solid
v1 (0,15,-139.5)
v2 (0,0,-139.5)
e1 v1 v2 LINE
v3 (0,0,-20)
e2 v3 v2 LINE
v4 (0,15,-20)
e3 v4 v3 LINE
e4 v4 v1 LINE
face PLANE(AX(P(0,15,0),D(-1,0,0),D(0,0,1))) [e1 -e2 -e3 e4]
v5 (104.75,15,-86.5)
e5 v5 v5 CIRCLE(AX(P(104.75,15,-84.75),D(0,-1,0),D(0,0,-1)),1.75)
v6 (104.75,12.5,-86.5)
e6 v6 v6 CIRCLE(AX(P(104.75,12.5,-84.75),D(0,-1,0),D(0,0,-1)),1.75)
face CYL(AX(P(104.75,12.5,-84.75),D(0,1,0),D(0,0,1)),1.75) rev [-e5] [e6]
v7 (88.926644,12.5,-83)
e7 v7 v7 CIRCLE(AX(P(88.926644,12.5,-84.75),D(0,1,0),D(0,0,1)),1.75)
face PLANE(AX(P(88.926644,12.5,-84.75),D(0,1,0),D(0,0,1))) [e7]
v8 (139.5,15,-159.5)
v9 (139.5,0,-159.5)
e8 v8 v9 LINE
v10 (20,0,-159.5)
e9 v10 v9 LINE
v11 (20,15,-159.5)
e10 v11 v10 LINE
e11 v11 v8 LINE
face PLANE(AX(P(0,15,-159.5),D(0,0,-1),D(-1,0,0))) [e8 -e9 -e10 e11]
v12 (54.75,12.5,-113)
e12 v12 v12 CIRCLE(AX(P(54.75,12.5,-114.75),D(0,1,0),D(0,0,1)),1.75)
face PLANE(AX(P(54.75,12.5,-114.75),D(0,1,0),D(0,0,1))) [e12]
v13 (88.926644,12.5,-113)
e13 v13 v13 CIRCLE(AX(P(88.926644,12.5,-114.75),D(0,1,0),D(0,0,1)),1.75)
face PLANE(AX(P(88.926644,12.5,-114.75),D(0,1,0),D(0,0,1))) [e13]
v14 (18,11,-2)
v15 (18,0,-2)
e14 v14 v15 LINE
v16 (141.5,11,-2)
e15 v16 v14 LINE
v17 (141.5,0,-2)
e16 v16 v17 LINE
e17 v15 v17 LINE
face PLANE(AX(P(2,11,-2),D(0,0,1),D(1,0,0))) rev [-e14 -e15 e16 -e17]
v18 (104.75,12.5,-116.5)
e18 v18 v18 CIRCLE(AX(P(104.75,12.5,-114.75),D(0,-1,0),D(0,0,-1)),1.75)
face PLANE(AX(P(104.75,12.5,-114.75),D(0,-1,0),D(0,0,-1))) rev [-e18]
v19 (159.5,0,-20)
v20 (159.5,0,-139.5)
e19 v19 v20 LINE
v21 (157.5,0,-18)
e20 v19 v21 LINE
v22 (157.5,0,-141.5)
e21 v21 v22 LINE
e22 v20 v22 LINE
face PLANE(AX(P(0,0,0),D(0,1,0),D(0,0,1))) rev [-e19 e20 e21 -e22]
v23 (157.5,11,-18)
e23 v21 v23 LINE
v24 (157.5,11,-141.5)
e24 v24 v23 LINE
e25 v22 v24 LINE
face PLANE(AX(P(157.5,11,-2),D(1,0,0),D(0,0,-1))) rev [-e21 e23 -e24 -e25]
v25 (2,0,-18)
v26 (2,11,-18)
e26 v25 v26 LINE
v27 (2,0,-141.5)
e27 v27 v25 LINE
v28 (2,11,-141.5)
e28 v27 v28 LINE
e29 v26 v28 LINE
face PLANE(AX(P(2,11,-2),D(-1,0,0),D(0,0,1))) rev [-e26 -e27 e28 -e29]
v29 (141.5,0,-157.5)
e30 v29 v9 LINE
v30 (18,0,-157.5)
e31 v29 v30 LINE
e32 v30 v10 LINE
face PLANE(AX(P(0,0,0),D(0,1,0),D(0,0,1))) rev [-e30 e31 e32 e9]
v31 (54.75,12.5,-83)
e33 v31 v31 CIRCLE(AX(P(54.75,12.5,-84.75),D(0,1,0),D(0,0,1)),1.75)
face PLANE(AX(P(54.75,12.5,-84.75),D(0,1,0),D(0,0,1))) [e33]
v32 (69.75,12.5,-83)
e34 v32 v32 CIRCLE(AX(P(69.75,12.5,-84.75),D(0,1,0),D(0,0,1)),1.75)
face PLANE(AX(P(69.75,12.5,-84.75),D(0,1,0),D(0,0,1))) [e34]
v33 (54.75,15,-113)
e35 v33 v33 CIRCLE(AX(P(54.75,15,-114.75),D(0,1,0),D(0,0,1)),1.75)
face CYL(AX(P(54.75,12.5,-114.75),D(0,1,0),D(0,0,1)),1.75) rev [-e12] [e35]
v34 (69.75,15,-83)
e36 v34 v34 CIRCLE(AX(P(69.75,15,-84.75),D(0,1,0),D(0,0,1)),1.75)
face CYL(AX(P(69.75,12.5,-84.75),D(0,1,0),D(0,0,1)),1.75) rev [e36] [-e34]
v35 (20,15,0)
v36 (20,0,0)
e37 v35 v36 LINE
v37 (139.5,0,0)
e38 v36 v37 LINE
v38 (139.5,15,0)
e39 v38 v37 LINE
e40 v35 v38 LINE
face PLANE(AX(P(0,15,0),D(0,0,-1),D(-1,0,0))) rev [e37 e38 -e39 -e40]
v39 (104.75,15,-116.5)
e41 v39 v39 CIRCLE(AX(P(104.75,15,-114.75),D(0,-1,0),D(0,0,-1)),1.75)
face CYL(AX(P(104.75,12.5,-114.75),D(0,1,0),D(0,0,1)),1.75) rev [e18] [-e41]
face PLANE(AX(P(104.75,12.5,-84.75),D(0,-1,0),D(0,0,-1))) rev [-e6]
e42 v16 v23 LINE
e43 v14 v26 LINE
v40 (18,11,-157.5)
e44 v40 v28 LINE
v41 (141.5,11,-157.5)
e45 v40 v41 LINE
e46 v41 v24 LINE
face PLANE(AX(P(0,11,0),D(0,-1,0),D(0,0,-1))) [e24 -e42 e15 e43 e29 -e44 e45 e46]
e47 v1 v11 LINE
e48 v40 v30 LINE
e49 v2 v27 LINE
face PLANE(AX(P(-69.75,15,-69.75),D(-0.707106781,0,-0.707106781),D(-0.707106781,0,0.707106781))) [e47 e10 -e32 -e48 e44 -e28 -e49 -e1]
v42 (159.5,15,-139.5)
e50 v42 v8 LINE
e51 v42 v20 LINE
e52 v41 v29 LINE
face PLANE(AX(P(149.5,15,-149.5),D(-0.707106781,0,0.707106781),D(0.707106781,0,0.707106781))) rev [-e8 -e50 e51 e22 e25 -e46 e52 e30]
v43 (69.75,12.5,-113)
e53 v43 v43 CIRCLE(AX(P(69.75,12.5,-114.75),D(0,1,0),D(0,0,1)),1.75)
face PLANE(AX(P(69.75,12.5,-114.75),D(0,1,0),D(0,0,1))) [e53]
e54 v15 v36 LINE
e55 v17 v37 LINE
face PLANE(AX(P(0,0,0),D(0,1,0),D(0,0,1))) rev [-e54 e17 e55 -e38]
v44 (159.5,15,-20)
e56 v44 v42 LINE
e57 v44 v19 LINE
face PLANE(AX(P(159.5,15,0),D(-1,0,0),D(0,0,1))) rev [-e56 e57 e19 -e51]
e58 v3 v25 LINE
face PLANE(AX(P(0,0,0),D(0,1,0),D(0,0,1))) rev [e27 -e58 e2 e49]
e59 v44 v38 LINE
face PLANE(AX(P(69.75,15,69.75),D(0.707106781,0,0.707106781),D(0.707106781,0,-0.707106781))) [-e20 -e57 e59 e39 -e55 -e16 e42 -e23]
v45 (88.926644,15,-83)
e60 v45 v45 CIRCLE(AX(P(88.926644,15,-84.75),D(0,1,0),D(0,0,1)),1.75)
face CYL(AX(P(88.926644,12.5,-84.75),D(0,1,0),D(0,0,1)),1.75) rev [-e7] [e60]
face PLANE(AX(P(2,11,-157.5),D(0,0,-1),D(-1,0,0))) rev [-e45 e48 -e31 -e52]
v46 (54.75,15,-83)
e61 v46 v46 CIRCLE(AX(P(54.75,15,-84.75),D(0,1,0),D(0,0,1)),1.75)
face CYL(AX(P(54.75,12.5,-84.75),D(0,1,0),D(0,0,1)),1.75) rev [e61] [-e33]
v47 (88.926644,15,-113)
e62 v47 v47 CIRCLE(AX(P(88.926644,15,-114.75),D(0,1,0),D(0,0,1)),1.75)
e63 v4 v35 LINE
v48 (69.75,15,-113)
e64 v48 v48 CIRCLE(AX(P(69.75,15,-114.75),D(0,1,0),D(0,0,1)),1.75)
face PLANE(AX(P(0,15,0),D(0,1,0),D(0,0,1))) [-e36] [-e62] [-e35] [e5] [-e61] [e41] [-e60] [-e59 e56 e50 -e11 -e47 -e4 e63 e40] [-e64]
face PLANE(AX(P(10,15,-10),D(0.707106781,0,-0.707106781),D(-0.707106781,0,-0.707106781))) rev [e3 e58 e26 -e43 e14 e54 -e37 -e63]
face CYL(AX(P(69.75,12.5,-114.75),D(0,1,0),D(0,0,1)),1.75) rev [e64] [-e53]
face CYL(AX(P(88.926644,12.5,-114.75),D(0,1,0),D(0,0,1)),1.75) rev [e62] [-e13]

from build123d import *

# Parameters (mm, degrees)
BOSS_EXTRUDE1_DEPTH = 15
SKETCH5_W           = 155.5
SKETCH5_H           = 155.5
CUT_EXTRUDE3_DEPTH  = 11
SKETCH7_R           = 1.75
CUT_EXTRUDE4_DEPTH  = 2.5


with BuildPart() as part:
    # Sketch1 → Boss-Extrude1 (new body)
    with BuildSketch(Plane(origin=(0, 0, 0), x_dir=(1, 0, 0), z_dir=(0, 1, 0))):
        Polygon((20, 159.5), (0, 139.5), (0, 20), (20, 0), (139.5, 0), (159.5, 20), (159.5, 139.5), (139.5, 159.5), align=None)
    extrude(amount=BOSS_EXTRUDE1_DEPTH)

    # Sketch5 → Cut-Extrude3 (cut)
    with BuildSketch(Plane.XZ):
        with Locations((79.75, -79.75)):
            Rectangle(SKETCH5_W, SKETCH5_H)
    extrude(amount=-CUT_EXTRUDE3_DEPTH, mode=Mode.SUBTRACT)

    # Sketch7 → Cut-Extrude4 (cut)
    with BuildSketch(Plane(origin=(0, 15, 0), x_dir=(1, 0, 0), z_dir=(0, 1, 0))):
        with Locations(Location((54.75, 114.75, 0), (0, 0, 270))):
            Circle(SKETCH7_R)
        with Locations(Location((104.75, 114.75, 0), (0, 0, 90))):
            Circle(SKETCH7_R)
        with Locations(Location((69.75, 114.75, 0), (0, 0, 270))):
            Circle(SKETCH7_R)
        with Locations(Location((88.92664449, 114.75, 0), (0, 0, 270))):
            Circle(SKETCH7_R)
        with Locations(Location((54.75, 84.75, 0), (0, 0, 270))):
            Circle(SKETCH7_R)
        with Locations(Location((69.75, 84.75, 0), (0, 0, 270))):
            Circle(SKETCH7_R)
        with Locations(Location((88.92664449, 84.75, 0), (0, 0, 270))):
            Circle(SKETCH7_R)
        with Locations(Location((104.75, 84.75, 0), (0, 0, 90))):
            Circle(SKETCH7_R)
    extrude(amount=-CUT_EXTRUDE4_DEPTH, mode=Mode.SUBTRACT)


solid = part.part
